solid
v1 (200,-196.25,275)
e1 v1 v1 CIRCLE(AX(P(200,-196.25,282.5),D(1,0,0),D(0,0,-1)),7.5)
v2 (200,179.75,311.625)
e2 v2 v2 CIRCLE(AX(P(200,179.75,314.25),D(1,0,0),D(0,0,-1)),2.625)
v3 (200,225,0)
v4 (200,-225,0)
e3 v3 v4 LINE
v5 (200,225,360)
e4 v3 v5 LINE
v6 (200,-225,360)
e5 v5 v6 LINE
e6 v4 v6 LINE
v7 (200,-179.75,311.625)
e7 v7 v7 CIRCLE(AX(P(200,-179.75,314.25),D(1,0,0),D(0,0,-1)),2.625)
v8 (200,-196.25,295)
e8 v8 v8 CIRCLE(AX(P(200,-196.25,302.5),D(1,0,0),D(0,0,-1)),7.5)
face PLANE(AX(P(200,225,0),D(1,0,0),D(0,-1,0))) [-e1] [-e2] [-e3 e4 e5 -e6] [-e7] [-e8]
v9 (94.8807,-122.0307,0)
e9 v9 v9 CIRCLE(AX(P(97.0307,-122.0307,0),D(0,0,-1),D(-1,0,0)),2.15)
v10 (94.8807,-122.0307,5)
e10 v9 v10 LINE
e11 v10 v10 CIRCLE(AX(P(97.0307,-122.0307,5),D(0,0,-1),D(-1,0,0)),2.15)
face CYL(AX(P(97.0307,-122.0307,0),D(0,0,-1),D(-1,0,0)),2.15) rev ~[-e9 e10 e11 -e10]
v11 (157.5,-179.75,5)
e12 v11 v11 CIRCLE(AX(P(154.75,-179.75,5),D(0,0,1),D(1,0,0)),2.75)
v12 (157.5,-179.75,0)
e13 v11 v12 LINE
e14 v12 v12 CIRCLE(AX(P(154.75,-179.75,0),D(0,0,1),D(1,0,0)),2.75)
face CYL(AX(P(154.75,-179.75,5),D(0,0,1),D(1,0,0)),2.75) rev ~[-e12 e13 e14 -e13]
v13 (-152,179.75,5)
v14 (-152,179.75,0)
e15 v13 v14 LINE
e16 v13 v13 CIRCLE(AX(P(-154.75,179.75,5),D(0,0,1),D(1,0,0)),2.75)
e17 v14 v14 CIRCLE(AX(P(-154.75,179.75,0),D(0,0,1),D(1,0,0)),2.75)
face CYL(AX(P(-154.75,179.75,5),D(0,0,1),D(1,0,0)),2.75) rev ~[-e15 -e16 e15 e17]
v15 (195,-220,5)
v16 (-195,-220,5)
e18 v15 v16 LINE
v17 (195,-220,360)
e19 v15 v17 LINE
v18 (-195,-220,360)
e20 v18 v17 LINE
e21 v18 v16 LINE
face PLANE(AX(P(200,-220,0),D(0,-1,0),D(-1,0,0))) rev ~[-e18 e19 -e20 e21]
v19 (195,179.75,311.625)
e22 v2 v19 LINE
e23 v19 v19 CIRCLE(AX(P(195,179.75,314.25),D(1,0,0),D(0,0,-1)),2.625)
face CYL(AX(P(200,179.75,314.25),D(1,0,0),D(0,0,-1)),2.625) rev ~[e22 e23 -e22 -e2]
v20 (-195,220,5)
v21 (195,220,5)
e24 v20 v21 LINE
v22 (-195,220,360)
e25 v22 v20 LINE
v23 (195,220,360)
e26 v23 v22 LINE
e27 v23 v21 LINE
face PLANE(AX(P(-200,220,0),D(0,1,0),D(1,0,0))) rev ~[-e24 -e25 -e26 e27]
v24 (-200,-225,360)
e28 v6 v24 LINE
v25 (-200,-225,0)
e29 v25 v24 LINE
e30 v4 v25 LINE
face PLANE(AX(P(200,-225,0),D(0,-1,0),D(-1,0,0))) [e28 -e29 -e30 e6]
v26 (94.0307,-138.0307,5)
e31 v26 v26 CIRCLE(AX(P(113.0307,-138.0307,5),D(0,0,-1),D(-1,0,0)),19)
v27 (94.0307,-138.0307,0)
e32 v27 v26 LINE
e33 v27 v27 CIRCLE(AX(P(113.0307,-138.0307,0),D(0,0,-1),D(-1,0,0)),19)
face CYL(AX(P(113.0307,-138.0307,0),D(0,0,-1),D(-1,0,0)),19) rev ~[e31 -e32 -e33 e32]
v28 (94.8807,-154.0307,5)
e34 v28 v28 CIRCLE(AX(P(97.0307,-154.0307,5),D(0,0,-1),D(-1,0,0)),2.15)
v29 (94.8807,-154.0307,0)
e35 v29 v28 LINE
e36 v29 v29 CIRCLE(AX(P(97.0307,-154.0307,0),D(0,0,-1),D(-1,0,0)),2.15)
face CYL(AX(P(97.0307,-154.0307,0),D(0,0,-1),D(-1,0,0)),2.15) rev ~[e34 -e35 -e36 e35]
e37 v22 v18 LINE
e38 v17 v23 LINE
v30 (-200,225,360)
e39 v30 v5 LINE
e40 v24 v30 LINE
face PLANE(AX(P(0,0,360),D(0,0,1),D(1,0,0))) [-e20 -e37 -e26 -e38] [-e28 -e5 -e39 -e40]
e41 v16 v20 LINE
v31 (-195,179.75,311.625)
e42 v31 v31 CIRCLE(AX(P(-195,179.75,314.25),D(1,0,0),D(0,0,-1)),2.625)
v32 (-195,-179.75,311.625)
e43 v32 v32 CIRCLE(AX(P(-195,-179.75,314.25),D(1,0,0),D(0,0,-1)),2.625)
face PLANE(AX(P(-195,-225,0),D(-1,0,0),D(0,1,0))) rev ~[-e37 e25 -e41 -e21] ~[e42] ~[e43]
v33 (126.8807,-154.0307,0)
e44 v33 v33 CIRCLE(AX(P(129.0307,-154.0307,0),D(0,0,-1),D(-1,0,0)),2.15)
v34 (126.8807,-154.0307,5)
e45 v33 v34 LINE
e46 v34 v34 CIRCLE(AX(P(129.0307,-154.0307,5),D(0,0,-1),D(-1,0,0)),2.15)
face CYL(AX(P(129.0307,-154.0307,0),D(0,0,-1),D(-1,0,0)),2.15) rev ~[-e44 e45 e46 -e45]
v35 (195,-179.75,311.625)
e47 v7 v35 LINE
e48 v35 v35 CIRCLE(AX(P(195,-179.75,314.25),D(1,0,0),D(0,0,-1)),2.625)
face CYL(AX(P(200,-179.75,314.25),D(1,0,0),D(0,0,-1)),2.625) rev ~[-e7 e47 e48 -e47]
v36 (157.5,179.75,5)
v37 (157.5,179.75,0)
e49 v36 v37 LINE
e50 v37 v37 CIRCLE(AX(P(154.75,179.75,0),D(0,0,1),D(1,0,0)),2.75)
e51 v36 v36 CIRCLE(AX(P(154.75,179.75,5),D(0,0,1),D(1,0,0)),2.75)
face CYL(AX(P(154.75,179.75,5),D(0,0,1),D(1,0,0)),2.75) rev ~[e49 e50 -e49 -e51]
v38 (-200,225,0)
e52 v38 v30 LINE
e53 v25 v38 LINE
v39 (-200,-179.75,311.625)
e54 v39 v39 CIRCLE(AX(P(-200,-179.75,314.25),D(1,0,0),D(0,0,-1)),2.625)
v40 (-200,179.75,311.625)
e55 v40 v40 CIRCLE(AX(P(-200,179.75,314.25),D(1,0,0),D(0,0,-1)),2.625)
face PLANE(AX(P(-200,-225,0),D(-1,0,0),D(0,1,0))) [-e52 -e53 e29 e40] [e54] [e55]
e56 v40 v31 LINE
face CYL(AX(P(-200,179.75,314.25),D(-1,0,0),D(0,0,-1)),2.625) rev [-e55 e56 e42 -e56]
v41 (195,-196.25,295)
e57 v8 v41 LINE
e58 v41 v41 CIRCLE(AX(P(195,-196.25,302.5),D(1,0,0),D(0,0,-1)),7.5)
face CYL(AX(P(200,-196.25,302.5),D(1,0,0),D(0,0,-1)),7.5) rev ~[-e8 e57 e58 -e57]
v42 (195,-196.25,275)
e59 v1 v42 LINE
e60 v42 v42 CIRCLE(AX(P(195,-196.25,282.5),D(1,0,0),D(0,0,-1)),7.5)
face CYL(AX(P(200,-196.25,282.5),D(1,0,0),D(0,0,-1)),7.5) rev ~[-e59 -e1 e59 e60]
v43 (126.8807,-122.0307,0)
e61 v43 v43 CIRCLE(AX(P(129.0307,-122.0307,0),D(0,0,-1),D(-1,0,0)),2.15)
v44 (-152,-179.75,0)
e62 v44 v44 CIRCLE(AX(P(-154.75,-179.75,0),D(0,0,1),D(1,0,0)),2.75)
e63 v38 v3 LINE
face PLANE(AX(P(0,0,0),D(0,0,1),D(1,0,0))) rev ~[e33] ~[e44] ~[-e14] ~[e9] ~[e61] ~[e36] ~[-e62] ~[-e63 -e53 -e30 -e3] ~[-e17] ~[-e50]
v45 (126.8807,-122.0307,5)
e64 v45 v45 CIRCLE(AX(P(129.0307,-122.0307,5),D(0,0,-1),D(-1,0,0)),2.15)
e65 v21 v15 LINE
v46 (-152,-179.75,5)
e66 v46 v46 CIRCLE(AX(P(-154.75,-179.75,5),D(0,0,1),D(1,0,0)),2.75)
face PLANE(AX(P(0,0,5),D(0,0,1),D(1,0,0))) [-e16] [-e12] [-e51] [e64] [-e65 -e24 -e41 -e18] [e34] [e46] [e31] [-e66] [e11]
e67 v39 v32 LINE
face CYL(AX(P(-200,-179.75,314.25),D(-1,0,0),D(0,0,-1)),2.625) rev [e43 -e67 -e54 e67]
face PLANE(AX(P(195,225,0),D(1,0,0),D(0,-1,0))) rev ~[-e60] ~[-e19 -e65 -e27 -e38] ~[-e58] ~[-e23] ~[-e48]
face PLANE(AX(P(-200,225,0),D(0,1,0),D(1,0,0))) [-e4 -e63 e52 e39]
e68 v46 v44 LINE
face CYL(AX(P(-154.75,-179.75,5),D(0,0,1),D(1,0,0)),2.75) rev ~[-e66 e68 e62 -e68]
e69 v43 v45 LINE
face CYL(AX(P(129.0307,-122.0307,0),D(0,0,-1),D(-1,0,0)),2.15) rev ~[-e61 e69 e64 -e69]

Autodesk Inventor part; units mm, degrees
ref_plane "YZ Plane" through (0, 0, 0) normal (1, 0, 0) x (0, 1, 0)
ref_plane "XZ Plane" through (0, 0, 0) normal (0, 1, 0) x (-1, 0, 0)
ref_plane "XY Plane" through (0, 0, 0) normal (0, 0, 1) x (1, 0, 0)
sketch "Sketch2" plane through (0, 0, 0) normal (0, 0, 1) x (1, 0, 0)
  line L0 (200, -225) -> (-200, -225)
  line L1 (-200, -225) -> (-200, 225)
  line L2 (-200, 225) -> (200, 225)
  line L3 (200, 225) -> (200, -225)
  line L4 (200, -225) -> (-200, 225) construction
  line L5 (-200, -225) -> (200, 225) construction
  point P0 (0, 0)
  dimension "d0" = 400
  dimension "d1" = 450
extrude "Base" add sketch "Sketch2" along normal blind 360
shell "Shell1" thickness 5 removed faces 1 at (-66.6667, -75, 360)
sketch "Sketch4" plane through (200, -225, 0) normal (1, 0, 0) x (0, 0, -1)
  circle A0 centre (-302.5, 28.75) radius 7.5
  line L0 (-360, 0) -> (-360, 450) projected
  line L1 (0, 0) -> (-360, 0) projected
  circle A1 centre (-282.5, 28.75) radius 7.5
  point P0 (0, 225)
  dimension "d18" = 15
  dimension "d19" = 57.5
  dimension "d20" = 28.75
  dimension "d23" = 20
extrude "Cable Holes" cut sketch "Sketch4" against normal up to surface (5 mm away)
sketch "Sketch5" plane through (-195, 220, 5) normal (0, 0, 1) x (1, 0, 0)
  line L0 (349.75, -399.75) -> (40.25, -399.75) construction
  line L1 (40.25, -399.75) -> (40.25, -40.25) construction
  line L2 (40.25, -40.25) -> (349.75, -40.25) construction
  line L3 (349.75, -40.25) -> (349.75, -399.75) construction
  line L4 (349.75, -399.75) -> (40.25, -40.25) construction
  line L5 (40.25, -399.75) -> (349.75, -40.25) construction
  circle A0 centre (40.25, -40.25) radius 2.75
  circle A1 centre (349.75, -40.25) radius 2.75
  circle A2 centre (40.25, -399.75) radius 2.75
  circle A3 centre (349.75, -399.75) radius 2.75
  point P0 (195, -220)
  dimension "d30" = 309.5
  dimension "d31" = 359.5
  dimension "d32" = 5.5
  dimension "d35" = 309.5
  dimension "d38" = 359.5
extrude "Mount Holes inner walls" cut sketch "Sketch5" against normal up to surface (5 mm away)
sketch "Sketch6" plane through (200, -225, 0) normal (1, 0, 0) x (0, 0, -1)
  circle A0 centre (-314.25, 404.75) radius 2.625
  line L0 (-360, 445) -> (-360, 5) construction
  line L1 (-360, 445) -> (-360, 155) construction
  line L2 (-314.25, 404.75) -> (-314.25, 45.25) construction
  circle A1 centre (-314.25, 45.25) radius 2.625
  line L3 (-5, 5) -> (-5, 445) projected
  point P0 (0, 225)
  point P1 (-314.25, 225)
  point P2 (-360, 225)
  dimension "d43" = 5.25
  dimension "d44" = 359.5
  dimension "d46" = 5.25
  dimension "d63" = 309.25
extrude "Extrusion5" cut sketch "Sketch6" against normal up to surface (5 mm away)
mirror "Mirror2" about plane through (0, 0, 0) normal (1, 0, 0) of "Extrusion5"
sketch "Sketch7" plane through (0, 0, 0) normal (0, 0, -1) x (-1, 0, 0)
  circle A0 centre (-113.0307, -138.0307) radius 19
  circle A1 centre (-129.0307, -122.0307) radius 2.15
  line L0 (-30.7163, 0) -> (40.9179, 0) construction
  line L1 (0, 50.4838) -> (0, -80.5394) construction
  circle A2 centre (-97.0307, -122.0307) radius 2.15
  circle A3 centre (-129.0307, -154.0307) radius 2.15
  circle A4 centre (-97.0307, -154.0307) radius 2.15
  circle A5 centre (-154.75, -179.75) radius 2.75 construction
  line L2 (-154.75, -179.75) -> (-113.0307, -138.0307) construction
  line L3 (-154.75, -179.75) -> (-95.75, -179.75) construction
  line L4 (-129.0307, -122.0307) -> (-97.0307, -122.0307) construction
  line L5 (-129.0307, -154.0307) -> (-129.0307, -122.0307) construction
  point P0 (0, 0)
  point P1 (-113.0307, -122.0307)
  point P2 (-129.0307, -138.0307)
  dimension "d49" = 4.3
  dimension "d52" = 32
  dimension "d55" = 32
  dimension "d58" = 38
  dimension "d59" = 59
  dimension "d60" = 45
extrude "Fan holes" cut sketch "Sketch7" against normal up to surface (5 mm away)
equation "\"d20\" = 0.5 * d19"
equation "\"d35\" = d30"
equation "\"d38\" = d31"
equation "\"d44\" = d31"
equation "\"d46\" = d43"
equation "\"d55\" = d52"
properties part number "mouse_SP_shell"
